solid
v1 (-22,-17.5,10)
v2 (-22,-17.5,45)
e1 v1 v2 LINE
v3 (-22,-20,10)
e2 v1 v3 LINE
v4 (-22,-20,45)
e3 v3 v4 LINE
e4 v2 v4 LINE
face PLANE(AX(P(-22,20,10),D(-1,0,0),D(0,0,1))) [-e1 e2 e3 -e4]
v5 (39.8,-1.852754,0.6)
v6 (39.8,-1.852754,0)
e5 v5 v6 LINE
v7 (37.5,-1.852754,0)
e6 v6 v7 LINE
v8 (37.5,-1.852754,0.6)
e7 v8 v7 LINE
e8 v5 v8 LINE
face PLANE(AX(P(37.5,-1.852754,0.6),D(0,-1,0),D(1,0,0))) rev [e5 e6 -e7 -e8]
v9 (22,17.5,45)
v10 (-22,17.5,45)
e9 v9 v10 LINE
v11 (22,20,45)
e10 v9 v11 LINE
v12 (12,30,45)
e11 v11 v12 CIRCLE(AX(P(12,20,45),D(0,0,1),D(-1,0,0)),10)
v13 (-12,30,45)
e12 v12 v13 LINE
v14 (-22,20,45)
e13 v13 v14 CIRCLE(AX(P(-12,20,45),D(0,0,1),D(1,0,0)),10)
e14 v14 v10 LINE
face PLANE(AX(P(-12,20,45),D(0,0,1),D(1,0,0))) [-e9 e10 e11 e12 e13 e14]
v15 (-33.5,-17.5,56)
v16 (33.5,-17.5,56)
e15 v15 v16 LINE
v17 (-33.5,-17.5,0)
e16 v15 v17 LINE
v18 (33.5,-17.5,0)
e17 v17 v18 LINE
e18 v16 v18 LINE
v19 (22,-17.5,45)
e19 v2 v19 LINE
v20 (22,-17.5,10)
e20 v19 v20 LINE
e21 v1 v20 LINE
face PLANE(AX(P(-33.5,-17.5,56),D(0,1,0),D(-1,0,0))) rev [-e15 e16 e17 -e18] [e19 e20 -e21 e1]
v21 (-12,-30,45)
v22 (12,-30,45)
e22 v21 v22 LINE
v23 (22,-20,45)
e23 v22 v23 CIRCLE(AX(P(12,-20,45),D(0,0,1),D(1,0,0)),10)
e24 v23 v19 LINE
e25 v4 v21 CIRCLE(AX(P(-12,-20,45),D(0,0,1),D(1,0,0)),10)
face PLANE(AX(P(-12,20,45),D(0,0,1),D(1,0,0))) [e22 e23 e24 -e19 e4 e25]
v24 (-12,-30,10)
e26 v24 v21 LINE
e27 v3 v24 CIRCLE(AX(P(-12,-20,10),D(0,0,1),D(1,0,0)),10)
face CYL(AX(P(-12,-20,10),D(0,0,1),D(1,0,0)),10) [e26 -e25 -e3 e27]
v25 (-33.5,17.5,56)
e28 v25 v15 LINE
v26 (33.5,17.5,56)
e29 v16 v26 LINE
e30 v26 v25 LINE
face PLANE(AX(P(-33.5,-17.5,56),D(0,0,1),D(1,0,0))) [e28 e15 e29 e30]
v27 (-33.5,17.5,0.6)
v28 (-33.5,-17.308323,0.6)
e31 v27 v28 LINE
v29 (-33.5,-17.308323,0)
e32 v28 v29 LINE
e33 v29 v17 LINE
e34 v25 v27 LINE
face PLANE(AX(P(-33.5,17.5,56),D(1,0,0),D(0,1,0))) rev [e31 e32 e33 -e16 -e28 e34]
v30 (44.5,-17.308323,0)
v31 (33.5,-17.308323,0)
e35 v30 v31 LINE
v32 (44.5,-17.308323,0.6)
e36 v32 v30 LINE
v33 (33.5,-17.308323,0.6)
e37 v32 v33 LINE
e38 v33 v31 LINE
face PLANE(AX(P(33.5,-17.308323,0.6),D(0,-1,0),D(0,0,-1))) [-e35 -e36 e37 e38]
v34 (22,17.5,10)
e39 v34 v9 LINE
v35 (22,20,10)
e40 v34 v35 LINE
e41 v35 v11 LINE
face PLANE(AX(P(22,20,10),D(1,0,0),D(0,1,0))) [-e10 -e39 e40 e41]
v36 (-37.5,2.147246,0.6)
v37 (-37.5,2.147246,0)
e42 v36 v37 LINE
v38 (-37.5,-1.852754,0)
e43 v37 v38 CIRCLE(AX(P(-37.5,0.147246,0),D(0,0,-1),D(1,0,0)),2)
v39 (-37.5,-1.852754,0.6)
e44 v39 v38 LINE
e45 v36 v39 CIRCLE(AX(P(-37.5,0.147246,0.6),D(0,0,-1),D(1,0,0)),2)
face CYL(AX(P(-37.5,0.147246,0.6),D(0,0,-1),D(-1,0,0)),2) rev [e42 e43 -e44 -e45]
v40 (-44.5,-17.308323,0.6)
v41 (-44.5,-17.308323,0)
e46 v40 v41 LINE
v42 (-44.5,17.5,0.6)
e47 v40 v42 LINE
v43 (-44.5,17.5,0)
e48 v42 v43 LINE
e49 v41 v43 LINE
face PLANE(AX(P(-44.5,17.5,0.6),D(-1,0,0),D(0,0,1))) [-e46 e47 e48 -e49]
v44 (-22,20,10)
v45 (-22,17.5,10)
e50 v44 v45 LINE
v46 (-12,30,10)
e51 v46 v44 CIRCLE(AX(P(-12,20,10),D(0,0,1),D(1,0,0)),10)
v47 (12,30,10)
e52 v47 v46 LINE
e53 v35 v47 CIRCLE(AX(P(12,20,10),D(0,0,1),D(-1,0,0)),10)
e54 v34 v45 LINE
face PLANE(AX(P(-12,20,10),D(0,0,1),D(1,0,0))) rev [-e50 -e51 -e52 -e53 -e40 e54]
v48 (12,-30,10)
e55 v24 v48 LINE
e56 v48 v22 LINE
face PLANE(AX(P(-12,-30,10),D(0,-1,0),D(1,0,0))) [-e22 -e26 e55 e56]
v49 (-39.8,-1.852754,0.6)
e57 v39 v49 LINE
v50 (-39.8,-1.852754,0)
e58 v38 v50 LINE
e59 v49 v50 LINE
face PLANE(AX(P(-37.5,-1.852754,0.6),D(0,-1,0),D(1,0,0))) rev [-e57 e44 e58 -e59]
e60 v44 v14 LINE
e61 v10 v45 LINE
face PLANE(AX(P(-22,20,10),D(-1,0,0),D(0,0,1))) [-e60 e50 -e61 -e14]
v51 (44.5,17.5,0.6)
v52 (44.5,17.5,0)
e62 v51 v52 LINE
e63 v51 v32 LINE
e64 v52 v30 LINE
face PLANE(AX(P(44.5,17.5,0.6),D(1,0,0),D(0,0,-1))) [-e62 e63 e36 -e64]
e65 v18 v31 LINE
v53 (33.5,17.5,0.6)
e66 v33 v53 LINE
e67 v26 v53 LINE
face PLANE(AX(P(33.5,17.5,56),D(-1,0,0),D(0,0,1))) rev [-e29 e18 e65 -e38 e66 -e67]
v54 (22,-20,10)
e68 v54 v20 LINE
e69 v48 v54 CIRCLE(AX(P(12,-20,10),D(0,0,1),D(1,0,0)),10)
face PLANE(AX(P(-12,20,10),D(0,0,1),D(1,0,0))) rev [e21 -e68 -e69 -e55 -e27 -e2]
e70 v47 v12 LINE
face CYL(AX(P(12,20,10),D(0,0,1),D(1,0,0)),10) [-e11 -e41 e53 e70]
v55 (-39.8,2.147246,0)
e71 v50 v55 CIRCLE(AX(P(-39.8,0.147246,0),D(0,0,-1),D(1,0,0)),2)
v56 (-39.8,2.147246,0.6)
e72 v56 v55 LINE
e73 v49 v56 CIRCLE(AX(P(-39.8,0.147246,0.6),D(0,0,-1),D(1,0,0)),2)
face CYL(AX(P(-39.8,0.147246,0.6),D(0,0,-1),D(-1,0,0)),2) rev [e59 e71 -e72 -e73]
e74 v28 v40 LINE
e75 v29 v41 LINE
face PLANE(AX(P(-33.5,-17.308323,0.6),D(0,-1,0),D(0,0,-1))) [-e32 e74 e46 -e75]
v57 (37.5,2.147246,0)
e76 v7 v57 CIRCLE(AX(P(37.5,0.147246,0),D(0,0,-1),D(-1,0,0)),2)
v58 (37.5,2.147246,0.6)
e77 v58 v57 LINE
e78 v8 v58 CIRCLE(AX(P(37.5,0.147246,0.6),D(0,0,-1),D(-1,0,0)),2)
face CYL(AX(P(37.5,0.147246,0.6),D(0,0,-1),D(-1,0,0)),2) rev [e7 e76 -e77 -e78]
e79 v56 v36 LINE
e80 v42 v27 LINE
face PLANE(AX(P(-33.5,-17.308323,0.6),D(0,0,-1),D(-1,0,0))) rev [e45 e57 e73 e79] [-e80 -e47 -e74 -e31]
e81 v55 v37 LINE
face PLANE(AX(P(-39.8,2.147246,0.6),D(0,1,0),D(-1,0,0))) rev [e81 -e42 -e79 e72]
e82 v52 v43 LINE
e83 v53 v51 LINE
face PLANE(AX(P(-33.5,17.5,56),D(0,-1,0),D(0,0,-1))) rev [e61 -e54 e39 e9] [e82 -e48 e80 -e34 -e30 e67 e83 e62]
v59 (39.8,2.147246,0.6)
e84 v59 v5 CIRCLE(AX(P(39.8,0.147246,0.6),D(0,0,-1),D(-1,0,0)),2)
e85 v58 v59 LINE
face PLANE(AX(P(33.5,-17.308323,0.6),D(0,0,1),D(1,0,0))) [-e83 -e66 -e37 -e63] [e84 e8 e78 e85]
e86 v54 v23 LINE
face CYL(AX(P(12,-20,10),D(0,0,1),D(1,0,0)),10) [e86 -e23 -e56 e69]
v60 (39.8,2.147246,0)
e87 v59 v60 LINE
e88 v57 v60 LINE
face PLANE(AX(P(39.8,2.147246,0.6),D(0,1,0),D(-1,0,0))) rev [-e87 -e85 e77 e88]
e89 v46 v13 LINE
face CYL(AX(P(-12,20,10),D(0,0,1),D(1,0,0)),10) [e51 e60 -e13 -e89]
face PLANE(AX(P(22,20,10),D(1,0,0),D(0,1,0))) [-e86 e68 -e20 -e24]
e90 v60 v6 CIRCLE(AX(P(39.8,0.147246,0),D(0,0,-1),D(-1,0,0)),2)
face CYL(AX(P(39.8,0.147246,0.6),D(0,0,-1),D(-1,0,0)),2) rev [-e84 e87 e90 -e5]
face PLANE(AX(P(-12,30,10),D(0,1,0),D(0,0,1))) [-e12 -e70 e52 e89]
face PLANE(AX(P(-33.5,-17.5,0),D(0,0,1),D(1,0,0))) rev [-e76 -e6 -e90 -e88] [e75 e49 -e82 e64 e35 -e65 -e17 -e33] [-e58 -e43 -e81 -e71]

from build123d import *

# Parameters (mm, degrees)
SKETCH_1_W      = 67
SKETCH_1_H      = 35
EXTRUDE_1_DEPTH = 56
EXTRUDE_START   = -11
EXTRUDE_2_DEPTH = 35
SKETCH_3_W      = 11
SKETCH_3_H      = 34.80832271
EXTRUDE_3_DEPTH = 0.6


with BuildPart() as part:
    # 草图1 → 拉伸1 (new body)
    with BuildSketch(Plane.XY):
        Rectangle(SKETCH_1_W, SKETCH_1_H)
    extrude(amount=EXTRUDE_1_DEPTH)

    # 草图2 → 拉伸2 (add)
    with BuildSketch(Plane.XY.offset(56).offset(EXTRUDE_START)):
        with BuildLine():
            Line((-12, 30), (12, 30))
            ThreePointArc((12, 30), (19.071067812, 27.071067812), (22, 20))
            Line((22, 20), (22, -20))
            ThreePointArc((22, -20), (19.071067812, -27.071067812), (12, -30))
            Line((12, -30), (-12, -30))
            ThreePointArc((-12, -30), (-19.071067812, -27.071067812), (-22, -20))
            Line((-22, -20), (-22, 20))
            ThreePointArc((-22, 20), (-19.071067812, 27.071067812), (-12, 30))
        make_face()
    extrude(amount=-EXTRUDE_2_DEPTH)

    # 草图3 → 拉伸3 (add)
    # profile 1 of 2: a face of its own
    with BuildSketch(Plane(origin=(0, 0, 0), x_dir=(-1, 0, 0), z_dir=(0, 0, -1))):
        with Locations((-39, 0.095838645)):
            Rectangle(SKETCH_3_W, SKETCH_3_H)
        with BuildLine():
            Line((-39.8, 2.147245992), (-37.5, 2.147245992))
            ThreePointArc((-37.5, 2.147245992), (-35.5, 0.147245992), (-37.5, -1.852754008))
            Line((-37.5, -1.852754008), (-39.8, -1.852754008))
            ThreePointArc((-39.8, -1.852754008), (-41.8, 0.147245992), (-39.8, 2.147245992))
        make_face(mode=Mode.SUBTRACT)
    # profile 2 of 2: a face of its own
    with BuildSketch(Plane(origin=(0, 0, 0), x_dir=(-1, 0, 0), z_dir=(0, 0, -1))):
        with Locations((39, 0.095838645)):
            Rectangle(SKETCH_3_W, SKETCH_3_H)
        with BuildLine():
            Line((37.5, -1.852754008), (39.8, -1.852754008))
            ThreePointArc((39.8, -1.852754008), (41.8, 0.147245992), (39.8, 2.147245992))
            Line((39.8, 2.147245992), (37.5, 2.147245992))
            ThreePointArc((37.5, 2.147245992), (35.5, 0.147245992), (37.5, -1.852754008))
        make_face(mode=Mode.SUBTRACT)
    extrude(amount=-EXTRUDE_3_DEPTH)


solid = part.part
